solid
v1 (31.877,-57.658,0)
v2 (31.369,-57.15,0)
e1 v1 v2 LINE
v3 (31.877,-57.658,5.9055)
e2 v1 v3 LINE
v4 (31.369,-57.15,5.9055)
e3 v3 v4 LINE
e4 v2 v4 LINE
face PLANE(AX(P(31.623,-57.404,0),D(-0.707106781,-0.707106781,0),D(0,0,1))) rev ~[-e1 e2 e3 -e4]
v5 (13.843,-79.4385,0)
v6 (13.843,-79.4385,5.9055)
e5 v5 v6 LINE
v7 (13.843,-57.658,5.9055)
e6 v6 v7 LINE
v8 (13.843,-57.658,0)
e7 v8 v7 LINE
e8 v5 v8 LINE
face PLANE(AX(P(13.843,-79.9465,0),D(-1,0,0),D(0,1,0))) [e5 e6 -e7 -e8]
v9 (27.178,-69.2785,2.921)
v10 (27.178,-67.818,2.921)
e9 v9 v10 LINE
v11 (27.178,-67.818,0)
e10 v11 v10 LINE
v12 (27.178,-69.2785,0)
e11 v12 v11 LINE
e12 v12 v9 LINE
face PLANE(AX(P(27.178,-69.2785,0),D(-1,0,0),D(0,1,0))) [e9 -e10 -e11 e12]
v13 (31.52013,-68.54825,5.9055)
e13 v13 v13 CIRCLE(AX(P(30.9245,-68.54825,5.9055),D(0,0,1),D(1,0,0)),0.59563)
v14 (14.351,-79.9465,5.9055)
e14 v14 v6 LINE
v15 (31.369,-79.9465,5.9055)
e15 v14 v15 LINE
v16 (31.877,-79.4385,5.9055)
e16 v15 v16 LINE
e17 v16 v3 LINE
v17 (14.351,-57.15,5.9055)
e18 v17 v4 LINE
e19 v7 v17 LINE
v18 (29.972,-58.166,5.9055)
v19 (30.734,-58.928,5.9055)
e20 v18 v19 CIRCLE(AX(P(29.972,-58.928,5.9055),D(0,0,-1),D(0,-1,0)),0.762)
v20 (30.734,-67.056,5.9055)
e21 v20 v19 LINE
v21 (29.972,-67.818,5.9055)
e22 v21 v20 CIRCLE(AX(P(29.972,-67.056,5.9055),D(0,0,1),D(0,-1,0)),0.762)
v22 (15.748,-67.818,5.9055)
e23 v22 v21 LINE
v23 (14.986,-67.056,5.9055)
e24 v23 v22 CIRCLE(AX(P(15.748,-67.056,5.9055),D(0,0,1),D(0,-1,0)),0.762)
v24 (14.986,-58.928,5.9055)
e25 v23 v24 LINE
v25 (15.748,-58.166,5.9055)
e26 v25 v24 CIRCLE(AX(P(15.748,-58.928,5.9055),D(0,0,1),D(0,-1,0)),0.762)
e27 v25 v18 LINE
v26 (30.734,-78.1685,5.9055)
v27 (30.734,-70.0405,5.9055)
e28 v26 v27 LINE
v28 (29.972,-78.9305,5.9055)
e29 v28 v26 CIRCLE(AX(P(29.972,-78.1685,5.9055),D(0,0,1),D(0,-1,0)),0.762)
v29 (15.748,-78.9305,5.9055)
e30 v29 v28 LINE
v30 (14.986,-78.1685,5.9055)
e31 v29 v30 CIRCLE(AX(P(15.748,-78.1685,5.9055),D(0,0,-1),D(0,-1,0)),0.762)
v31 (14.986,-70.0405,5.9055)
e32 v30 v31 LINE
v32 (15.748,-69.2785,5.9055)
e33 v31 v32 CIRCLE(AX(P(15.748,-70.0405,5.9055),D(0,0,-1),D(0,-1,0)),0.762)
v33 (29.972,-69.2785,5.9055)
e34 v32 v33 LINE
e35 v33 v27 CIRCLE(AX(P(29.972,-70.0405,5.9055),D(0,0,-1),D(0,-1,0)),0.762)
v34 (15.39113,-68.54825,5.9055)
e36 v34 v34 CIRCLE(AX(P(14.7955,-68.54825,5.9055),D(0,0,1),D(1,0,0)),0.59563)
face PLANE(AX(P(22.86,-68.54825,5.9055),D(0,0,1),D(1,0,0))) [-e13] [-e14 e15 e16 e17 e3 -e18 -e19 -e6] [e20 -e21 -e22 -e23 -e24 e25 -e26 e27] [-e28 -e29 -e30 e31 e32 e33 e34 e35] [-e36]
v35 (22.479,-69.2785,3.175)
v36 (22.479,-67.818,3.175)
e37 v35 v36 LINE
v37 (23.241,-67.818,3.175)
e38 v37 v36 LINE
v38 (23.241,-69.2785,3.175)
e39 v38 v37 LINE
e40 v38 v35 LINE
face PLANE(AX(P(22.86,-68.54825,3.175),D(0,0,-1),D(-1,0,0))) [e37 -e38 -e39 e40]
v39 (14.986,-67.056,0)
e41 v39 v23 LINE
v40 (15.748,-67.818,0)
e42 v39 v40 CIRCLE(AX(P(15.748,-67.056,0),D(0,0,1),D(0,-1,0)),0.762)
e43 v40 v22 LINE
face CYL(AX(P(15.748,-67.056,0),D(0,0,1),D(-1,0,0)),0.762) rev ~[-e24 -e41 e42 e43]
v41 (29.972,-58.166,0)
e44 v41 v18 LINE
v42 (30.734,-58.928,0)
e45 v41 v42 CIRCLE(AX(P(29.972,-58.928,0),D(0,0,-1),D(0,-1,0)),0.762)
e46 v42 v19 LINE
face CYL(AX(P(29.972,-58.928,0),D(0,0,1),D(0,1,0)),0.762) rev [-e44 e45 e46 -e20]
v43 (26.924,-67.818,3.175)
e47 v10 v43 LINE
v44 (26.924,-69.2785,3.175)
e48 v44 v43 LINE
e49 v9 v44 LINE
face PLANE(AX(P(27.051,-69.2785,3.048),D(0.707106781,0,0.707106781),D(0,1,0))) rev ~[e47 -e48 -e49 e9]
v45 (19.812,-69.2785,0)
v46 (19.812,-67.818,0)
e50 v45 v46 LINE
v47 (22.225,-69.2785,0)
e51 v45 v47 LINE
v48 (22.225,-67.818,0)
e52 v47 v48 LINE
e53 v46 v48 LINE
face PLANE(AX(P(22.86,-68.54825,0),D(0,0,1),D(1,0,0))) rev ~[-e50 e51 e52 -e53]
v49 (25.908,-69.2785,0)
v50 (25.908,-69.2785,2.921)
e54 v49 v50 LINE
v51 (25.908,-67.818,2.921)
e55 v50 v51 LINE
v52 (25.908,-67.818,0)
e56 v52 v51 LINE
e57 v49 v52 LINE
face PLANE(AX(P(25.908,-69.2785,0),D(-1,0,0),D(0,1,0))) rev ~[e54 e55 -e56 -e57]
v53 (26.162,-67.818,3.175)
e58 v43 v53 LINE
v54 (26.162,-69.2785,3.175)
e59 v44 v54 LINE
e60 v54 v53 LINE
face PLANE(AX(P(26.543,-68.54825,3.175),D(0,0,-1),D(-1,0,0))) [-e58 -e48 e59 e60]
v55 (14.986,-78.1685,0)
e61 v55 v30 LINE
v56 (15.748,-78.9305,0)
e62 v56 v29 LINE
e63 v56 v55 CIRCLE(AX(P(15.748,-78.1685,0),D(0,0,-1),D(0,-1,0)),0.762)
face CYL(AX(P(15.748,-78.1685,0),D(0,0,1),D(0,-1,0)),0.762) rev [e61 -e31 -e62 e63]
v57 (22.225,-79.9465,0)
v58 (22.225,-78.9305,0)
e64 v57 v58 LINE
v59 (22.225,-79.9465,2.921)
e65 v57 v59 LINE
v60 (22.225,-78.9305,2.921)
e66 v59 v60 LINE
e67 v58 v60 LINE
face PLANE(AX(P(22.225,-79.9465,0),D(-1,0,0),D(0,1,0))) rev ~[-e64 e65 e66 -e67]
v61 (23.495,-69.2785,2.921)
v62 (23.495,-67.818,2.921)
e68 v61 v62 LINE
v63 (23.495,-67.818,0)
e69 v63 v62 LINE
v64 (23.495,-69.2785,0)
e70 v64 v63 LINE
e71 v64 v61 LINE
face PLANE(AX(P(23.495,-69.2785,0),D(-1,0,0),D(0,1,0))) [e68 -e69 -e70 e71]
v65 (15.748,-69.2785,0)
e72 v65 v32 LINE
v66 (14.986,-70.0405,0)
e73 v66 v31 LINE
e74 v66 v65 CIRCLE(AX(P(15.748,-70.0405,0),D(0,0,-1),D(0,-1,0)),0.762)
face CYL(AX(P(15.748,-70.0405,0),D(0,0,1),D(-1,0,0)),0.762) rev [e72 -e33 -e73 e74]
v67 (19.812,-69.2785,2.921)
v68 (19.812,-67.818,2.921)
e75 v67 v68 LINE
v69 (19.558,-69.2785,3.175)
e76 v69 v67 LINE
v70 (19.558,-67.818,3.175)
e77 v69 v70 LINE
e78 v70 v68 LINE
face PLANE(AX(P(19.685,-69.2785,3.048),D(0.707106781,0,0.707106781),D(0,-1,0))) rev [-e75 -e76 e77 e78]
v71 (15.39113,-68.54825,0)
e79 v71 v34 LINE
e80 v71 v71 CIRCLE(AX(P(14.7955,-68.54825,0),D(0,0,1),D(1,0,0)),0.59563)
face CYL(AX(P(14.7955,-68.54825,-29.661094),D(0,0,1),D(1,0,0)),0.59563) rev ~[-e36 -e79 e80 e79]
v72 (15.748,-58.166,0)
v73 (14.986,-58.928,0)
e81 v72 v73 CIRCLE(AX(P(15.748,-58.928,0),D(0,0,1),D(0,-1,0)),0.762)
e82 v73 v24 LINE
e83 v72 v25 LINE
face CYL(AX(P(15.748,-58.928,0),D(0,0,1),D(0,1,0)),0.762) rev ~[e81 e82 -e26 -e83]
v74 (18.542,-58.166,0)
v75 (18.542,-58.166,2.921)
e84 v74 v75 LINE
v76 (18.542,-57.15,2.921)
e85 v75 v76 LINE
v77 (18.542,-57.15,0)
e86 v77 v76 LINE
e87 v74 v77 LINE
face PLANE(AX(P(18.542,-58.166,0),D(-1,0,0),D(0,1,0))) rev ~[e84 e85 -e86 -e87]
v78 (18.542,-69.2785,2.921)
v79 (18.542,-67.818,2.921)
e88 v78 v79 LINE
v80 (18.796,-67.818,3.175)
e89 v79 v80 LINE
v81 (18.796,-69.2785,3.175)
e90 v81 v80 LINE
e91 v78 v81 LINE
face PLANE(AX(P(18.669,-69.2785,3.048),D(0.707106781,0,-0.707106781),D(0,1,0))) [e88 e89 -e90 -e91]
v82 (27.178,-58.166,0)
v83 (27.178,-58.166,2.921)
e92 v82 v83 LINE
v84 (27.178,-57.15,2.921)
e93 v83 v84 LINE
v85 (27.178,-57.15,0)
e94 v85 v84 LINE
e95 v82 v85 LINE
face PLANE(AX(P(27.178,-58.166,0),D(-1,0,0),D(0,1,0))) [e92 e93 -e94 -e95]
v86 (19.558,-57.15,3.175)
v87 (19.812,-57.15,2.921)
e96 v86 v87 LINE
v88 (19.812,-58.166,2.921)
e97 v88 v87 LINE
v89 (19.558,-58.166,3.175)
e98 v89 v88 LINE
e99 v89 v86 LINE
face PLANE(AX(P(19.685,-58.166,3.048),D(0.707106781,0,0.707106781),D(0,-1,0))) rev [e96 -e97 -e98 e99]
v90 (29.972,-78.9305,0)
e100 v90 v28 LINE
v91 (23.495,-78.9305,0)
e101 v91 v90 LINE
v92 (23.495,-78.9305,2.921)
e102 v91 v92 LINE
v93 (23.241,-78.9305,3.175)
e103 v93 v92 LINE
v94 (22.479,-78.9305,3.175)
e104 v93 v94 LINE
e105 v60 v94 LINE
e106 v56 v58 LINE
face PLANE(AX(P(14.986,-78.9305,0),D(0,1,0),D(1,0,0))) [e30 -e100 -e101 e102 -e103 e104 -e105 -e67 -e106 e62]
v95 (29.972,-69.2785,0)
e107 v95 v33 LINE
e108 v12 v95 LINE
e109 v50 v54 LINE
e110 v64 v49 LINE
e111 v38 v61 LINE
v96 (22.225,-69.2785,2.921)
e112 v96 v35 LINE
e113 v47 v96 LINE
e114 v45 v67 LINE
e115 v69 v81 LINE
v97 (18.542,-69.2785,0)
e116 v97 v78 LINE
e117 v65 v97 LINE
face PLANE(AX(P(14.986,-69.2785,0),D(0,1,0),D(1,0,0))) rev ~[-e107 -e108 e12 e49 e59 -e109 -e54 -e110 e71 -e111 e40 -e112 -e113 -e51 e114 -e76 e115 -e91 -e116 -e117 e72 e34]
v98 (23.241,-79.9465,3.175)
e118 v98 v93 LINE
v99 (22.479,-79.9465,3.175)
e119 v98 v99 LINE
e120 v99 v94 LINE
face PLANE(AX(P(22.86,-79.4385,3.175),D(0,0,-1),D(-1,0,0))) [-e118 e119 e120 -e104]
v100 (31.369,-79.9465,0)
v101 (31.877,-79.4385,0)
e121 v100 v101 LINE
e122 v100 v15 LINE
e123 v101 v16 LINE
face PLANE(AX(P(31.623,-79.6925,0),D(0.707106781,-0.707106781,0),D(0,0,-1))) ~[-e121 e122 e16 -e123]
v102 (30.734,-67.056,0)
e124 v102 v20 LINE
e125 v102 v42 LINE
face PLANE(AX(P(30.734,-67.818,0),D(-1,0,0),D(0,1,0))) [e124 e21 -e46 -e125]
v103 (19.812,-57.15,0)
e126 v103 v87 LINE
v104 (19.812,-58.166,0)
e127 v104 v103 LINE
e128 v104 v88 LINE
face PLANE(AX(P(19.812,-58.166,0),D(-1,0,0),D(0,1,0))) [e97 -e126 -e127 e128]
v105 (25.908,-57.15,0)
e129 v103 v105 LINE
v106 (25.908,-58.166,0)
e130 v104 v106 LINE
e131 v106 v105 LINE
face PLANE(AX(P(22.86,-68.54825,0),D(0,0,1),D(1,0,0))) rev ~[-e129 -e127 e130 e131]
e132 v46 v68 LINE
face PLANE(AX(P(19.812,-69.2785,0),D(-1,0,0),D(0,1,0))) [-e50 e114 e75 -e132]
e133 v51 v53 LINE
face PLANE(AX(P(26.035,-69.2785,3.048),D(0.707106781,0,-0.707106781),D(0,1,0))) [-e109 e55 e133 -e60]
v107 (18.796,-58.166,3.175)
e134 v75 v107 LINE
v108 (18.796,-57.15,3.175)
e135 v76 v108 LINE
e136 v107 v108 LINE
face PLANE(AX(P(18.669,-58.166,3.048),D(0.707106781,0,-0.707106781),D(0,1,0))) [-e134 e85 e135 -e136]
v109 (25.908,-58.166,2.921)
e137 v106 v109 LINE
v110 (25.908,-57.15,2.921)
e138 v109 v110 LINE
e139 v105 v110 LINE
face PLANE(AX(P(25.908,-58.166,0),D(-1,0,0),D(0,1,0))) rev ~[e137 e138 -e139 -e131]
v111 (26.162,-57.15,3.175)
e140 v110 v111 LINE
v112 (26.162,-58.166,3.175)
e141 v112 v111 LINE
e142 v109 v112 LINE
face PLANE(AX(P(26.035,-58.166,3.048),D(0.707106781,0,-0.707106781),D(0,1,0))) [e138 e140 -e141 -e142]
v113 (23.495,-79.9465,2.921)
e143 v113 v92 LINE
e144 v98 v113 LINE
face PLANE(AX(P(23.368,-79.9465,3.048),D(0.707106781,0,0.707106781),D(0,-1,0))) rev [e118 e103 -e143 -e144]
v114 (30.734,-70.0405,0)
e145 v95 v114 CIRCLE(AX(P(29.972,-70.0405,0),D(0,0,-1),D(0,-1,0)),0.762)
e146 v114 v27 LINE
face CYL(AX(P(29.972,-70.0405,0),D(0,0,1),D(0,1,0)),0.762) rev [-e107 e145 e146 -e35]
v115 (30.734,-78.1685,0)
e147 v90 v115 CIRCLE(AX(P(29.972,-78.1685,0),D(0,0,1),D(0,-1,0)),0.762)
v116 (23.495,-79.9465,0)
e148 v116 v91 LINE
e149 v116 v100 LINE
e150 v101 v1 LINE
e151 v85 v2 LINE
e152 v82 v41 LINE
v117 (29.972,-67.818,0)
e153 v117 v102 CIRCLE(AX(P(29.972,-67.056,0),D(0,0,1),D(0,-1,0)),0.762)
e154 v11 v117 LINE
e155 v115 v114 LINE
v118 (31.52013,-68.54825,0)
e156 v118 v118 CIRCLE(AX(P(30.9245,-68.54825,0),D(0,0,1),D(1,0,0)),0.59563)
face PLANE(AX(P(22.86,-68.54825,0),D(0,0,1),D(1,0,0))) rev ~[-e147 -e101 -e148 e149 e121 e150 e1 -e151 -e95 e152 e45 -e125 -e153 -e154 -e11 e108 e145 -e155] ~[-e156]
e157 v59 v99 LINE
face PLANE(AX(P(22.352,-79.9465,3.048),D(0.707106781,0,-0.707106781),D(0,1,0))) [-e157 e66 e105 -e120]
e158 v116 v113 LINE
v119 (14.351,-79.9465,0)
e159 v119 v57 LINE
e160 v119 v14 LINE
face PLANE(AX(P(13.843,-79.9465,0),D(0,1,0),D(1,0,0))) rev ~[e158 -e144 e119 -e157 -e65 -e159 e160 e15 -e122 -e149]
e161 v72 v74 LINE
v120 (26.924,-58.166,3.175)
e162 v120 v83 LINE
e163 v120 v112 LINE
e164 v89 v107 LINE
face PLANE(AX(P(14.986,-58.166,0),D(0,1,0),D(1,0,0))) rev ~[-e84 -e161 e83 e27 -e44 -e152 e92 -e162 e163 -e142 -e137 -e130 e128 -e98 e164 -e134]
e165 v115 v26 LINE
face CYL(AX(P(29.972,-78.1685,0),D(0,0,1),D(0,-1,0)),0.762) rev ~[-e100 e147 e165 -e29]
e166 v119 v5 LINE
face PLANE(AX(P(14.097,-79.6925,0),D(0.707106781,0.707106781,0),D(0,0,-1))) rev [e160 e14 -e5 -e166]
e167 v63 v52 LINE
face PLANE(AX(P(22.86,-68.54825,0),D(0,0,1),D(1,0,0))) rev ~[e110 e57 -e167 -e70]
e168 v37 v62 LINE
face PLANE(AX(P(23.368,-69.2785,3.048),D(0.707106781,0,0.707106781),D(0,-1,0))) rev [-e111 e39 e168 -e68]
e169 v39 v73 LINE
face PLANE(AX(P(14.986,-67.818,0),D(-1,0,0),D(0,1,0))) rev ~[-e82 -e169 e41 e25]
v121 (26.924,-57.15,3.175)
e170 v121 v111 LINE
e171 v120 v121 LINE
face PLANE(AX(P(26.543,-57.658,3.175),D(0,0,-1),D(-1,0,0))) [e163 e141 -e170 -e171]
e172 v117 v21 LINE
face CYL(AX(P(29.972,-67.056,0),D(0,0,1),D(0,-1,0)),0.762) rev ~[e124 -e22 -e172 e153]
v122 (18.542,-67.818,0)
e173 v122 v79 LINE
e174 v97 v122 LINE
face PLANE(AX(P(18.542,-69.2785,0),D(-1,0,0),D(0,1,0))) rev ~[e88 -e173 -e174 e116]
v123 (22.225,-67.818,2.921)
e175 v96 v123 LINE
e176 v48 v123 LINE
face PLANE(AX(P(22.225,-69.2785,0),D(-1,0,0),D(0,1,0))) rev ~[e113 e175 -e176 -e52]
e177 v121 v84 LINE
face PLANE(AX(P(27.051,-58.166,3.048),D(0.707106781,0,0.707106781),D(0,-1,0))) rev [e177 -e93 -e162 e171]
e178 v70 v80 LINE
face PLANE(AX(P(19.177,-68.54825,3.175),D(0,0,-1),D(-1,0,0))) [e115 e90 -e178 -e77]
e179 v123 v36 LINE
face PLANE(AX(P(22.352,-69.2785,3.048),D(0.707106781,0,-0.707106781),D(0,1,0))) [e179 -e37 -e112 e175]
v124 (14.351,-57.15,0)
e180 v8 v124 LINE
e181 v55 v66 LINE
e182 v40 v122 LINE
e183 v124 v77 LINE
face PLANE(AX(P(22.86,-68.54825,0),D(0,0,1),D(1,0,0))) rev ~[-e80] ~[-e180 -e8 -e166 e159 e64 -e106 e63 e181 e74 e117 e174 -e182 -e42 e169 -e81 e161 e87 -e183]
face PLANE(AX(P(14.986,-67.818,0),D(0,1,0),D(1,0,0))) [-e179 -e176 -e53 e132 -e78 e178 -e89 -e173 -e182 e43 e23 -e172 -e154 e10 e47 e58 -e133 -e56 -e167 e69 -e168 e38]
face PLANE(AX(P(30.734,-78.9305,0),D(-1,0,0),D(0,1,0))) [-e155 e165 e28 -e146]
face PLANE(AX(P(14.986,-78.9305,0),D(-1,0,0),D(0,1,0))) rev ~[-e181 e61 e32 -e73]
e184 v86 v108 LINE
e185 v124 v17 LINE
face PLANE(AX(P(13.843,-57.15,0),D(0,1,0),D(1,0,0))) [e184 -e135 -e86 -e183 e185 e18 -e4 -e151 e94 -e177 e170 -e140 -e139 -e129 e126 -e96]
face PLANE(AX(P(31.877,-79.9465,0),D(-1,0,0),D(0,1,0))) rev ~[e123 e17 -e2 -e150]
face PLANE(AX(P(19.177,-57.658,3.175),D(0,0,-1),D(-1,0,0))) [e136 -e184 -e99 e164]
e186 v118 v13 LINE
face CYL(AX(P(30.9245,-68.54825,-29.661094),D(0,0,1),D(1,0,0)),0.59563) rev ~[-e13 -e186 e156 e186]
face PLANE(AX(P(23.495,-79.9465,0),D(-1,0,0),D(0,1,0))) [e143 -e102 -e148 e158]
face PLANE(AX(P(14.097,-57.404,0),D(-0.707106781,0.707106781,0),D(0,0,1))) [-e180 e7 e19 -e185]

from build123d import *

# Parameters (mm, degrees)
SKETCH1_W               = 18.034
SKETCH1_H               = 22.7965
SKETCH1_W_2             = 15.748
SKETCH1_H_2             = 9.652
BOSS_EXTRUDE1_DEPTH     = 5.9055
SKETCH2_W               = 1.27
SKETCH2_H               = 1.016
SKETCH2_H_2             = 1.4605
CUT_EXTRUDE_THIN2_DEPTH = 3.175
CHAMFER1_SIZE           = 0.254
CHAMFER2_SIZE           = 0.508
FILLET1_R               = 0.762
F_0_80_TAPPED_HOLE1_D   = 1.19126


with BuildPart() as part:
    # Sketch1 → Boss-Extrude1 (new body)
    with BuildSketch(Plane.XY):
        with Locations((22.86, -68.54825)):
            Rectangle(SKETCH1_W, SKETCH1_H)
        with Locations((22.86, -62.992)):
            Rectangle(SKETCH1_W_2, SKETCH1_H_2, mode=Mode.SUBTRACT)
        with Locations((22.86, -74.1045)):
            Rectangle(SKETCH1_W_2, SKETCH1_H_2, mode=Mode.SUBTRACT)
    extrude(amount=BOSS_EXTRUDE1_DEPTH)

    # Sketch2 → Cut-Extrude-Thin2 (cut)
    with BuildSketch(Plane(origin=(0, 0, 0), x_dir=(-1, 0, 0), z_dir=(0, 0, -1))):
        with Locations((-22.86, -79.4385)):
            Rectangle(SKETCH2_W, SKETCH2_H)
        with Locations((-19.177, -57.658)):
            Rectangle(SKETCH2_W, SKETCH2_H)
        with Locations((-26.543, -57.658)):
            Rectangle(SKETCH2_W, SKETCH2_H)
        with Locations((-22.86, -68.54825)):
            Rectangle(SKETCH2_W, SKETCH2_H_2)
        with Locations((-19.177, -68.54825)):
            Rectangle(SKETCH2_W, SKETCH2_H_2)
        with Locations((-26.543, -68.54825)):
            Rectangle(SKETCH2_W, SKETCH2_H_2)
    extrude(amount=-CUT_EXTRUDE_THIN2_DEPTH, mode=Mode.SUBTRACT)

    # Chamfer1
    chamfer1_edges = [part.edges().sort_by_distance(p)[0] for p in [
        (22.225, -68.54825, 3.175),
        (23.495, -68.54825, 3.175),
        (25.908, -68.54825, 3.175),
        (27.178, -68.54825, 3.175),
        (23.495, -79.4385, 3.175),
        (22.225, -79.4385, 3.175),
        (19.812, -57.658, 3.175),
        (18.542, -57.658, 3.175),
        (27.178, -57.658, 3.175),
        (25.908, -57.658, 3.175),
        (18.542, -68.54825, 3.175),
        (19.812, -68.54825, 3.175),
    ]]
    chamfer(chamfer1_edges, length=CHAMFER1_SIZE)

    # Chamfer2
    chamfer2_edges = [part.edges().sort_by_distance(p)[0] for p in [
        (31.877, -57.15, 2.95275),
        (31.877, -79.9465, 2.95275),
        (13.843, -79.9465, 2.95275),
        (13.843, -57.15, 2.95275),
    ]]
    chamfer(chamfer2_edges, length=CHAMFER2_SIZE)

    # Fillet1
    fillet1_edges = [part.edges().sort_by_distance(p)[0] for p in [
        (30.734, -67.818, 2.95275),
        (30.734, -58.166, 2.95275),
        (14.986, -78.9305, 2.95275),
        (30.734, -78.9305, 2.95275),
        (14.986, -58.166, 2.95275),
        (14.986, -67.818, 2.95275),
        (30.734, -69.2785, 2.95275),
        (14.986, -69.2785, 2.95275),
    ]]
    fillet(fillet1_edges, radius=FILLET1_R)

    # #0-80 Tapped Hole1 (through all)
    with Locations(Plane(origin=(0, 0, 0), x_dir=(-1, 0, 0), z_dir=(0, 0, -1))):
        with Locations((-14.7955, -68.54825), (-30.9245, -68.54825)):
            Hole(F_0_80_TAPPED_HOLE1_D / 2)


solid = part.part
